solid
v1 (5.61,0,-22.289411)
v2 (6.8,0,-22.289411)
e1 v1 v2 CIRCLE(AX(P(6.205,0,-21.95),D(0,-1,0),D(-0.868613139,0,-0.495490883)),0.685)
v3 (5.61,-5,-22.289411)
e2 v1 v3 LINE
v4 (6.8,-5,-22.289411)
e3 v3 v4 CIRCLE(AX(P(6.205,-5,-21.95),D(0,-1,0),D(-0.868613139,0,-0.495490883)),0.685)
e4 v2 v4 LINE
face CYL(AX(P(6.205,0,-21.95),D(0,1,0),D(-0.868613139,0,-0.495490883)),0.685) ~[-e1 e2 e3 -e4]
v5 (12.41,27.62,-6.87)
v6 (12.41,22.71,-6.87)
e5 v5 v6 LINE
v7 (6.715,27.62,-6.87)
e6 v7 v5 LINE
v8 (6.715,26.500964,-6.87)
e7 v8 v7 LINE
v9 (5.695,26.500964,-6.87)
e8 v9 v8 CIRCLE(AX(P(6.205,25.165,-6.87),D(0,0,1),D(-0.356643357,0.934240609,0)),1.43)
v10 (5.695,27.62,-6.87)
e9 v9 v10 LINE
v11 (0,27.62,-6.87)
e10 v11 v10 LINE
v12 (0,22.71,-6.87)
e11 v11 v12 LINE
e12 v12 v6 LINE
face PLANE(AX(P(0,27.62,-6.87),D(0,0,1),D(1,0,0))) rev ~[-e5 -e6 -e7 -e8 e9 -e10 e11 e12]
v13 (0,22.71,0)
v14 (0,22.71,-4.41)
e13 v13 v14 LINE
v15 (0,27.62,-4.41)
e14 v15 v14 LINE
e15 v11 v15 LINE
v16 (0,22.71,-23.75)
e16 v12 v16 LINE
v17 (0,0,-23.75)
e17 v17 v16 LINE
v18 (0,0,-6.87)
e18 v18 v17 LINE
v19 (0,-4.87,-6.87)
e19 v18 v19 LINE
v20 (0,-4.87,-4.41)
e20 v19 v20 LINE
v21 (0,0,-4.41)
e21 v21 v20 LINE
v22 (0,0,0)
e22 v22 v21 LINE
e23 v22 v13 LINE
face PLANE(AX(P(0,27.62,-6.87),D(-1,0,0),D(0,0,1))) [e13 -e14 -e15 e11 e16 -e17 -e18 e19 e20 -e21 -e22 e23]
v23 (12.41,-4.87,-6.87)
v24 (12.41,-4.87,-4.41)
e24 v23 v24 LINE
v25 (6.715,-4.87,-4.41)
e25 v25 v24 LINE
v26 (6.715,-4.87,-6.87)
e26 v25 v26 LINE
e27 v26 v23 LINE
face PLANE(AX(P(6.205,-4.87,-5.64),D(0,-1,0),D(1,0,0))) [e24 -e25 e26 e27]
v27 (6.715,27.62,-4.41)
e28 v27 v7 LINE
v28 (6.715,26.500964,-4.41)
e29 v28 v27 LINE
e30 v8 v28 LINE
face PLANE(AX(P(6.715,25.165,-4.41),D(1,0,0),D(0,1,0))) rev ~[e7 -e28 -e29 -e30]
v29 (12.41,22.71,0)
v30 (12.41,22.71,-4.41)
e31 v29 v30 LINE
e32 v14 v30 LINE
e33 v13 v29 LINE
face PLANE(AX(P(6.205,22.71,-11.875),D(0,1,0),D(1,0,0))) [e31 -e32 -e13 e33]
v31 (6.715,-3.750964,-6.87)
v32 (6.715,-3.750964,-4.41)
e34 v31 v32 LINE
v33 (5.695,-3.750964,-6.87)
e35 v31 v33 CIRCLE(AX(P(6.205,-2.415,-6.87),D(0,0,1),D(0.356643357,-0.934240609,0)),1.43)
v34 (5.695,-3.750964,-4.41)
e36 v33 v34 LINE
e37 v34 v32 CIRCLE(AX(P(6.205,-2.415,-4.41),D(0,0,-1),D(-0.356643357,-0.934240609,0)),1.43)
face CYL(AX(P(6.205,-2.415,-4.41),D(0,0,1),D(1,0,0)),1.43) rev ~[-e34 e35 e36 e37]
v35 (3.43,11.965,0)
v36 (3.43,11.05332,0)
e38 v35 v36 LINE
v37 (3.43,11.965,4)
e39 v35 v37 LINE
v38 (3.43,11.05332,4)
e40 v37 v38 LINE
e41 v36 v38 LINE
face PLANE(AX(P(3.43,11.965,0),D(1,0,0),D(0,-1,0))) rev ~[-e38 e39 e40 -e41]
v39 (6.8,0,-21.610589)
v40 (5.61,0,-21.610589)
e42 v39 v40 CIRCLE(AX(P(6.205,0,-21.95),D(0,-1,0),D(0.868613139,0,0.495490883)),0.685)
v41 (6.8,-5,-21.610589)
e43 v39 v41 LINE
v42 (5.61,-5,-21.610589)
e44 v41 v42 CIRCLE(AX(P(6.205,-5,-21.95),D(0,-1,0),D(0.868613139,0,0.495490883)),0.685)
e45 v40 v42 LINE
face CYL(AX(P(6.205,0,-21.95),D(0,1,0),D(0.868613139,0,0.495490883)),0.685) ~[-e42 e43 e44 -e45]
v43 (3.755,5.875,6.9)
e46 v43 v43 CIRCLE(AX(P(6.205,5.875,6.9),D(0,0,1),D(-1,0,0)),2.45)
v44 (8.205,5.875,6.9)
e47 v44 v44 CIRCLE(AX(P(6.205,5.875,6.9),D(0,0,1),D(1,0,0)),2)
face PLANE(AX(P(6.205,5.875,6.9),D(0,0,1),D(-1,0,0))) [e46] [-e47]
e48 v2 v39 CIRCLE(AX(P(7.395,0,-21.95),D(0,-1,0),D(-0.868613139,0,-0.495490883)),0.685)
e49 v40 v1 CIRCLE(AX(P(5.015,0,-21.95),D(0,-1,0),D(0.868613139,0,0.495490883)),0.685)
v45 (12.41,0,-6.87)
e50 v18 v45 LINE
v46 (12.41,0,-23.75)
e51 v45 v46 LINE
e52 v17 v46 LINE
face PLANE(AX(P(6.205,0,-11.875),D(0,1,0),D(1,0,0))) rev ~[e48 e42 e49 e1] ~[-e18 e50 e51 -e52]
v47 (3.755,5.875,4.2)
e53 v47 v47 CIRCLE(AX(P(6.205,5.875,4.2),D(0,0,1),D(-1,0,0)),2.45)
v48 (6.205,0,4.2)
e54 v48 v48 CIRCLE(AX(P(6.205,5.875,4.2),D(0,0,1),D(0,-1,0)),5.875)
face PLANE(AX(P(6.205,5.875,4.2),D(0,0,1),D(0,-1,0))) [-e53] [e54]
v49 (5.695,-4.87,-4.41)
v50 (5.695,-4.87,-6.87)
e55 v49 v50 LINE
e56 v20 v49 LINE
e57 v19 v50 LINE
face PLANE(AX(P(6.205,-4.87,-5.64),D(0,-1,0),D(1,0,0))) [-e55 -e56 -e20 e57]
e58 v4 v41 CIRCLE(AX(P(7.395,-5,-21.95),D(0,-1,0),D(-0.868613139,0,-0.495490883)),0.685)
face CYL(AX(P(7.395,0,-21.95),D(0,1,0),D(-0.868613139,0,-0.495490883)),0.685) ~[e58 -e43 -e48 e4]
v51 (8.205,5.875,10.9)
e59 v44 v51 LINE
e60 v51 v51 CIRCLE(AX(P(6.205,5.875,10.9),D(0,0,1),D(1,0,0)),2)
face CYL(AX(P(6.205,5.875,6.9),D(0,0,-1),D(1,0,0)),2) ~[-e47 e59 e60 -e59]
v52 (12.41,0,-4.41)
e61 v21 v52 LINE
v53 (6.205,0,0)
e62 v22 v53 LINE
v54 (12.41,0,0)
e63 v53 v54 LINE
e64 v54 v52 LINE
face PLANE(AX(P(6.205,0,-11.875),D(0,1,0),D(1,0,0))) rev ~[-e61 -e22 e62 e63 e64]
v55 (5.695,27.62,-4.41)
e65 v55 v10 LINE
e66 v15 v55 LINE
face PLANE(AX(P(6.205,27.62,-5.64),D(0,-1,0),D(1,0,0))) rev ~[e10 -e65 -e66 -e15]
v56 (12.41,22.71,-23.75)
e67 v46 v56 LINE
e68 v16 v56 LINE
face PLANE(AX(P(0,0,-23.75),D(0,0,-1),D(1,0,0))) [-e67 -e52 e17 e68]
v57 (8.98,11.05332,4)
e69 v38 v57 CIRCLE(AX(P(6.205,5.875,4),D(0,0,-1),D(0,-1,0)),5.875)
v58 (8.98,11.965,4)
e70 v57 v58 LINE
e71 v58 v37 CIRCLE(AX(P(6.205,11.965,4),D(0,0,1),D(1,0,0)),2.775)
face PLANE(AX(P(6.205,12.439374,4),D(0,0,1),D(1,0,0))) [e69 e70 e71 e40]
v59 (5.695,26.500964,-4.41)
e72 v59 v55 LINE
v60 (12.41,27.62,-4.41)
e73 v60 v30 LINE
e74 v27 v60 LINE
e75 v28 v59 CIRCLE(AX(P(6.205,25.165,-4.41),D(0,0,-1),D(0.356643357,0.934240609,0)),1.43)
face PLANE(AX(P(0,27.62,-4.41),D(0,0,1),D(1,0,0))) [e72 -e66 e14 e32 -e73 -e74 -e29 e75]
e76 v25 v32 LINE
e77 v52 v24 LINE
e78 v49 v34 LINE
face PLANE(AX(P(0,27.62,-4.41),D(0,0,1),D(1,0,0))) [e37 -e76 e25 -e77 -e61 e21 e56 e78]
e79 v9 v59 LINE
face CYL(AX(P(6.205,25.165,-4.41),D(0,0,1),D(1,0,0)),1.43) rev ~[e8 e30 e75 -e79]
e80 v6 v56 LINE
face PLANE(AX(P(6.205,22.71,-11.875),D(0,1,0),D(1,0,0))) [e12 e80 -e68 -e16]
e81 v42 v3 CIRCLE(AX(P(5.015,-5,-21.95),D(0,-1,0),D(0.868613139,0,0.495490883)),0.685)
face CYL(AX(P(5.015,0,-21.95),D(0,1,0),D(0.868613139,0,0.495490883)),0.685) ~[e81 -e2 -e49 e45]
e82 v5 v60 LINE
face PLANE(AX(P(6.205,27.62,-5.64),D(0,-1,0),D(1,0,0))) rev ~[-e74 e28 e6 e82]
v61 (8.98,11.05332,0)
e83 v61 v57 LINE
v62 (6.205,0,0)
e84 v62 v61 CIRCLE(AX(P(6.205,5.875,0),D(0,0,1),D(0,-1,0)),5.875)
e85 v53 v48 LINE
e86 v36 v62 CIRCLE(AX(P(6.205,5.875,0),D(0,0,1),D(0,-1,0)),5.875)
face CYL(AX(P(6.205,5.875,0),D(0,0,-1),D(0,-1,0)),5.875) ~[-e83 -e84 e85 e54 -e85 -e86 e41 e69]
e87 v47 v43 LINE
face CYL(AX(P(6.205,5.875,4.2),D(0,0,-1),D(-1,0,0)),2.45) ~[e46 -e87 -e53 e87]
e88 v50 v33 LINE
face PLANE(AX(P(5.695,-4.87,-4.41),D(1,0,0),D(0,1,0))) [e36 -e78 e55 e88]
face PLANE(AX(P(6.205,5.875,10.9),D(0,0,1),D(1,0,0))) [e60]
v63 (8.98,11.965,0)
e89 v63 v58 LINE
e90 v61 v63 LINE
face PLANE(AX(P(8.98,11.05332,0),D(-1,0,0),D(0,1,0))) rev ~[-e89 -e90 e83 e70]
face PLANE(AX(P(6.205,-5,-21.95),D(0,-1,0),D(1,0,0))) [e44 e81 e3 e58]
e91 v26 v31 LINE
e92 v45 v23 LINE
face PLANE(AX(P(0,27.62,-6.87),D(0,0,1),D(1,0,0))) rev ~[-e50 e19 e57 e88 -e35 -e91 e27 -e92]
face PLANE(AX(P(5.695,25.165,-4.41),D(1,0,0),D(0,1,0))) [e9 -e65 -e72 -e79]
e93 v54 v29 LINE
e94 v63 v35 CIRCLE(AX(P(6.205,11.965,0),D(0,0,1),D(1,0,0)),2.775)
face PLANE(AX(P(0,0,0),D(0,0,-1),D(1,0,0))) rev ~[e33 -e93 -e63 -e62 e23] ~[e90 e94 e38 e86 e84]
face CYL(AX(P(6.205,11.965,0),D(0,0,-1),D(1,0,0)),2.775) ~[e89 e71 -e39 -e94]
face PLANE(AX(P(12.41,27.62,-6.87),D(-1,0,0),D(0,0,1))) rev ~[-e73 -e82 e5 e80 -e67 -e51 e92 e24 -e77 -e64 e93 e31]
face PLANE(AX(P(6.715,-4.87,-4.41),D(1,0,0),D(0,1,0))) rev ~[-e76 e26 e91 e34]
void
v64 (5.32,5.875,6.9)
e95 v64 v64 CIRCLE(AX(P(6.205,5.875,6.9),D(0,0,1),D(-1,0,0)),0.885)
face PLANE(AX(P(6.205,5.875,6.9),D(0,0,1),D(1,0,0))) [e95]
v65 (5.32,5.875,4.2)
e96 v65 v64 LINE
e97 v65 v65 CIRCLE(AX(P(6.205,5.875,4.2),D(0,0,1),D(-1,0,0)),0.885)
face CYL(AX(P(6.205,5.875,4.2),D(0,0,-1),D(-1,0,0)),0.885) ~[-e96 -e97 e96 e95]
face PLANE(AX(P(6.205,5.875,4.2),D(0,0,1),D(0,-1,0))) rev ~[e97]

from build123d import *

# Parameters (mm, degrees)
SKETCH1_W                = 12.41
SKETCH1_H                = 23.75
BOSS_EXTRUDE1_DEPTH      = 22.71
SKETCH2_R                = 5.875
BOSS_EXTRUDE3_DEPTH      = 4.2
BOSS_EXTRUDE4_DEPTH      = 4
BOSS_EXTRUDE5_DEPTH      = 4.87
BOSS_EXTRUDE5_DEPTH_BACK = 27.62
SKETCH6_W                = 12.41
SKETCH6_H                = 2.46
SKETCH8_R                = 1.43
CUT_EXTRUDE1_DEPTH       = 36.929209565
SKETCH9_W                = 1.02
SKETCH9_H                = 2.455
CUT_EXTRUDE2_DEPTH       = 36.929209565
SKETCH10_R               = 2.45
SKETCH10_R_2             = 0.885
BOSS_EXTRUDE7_DEPTH      = 2.7
BOSS_EXTRUDE8_DEPTH      = 5
SKETCH13_R               = 2
BOSS_EXTRUDE9_DEPTH      = 4


with BuildPart() as part:
    # Sketch1 → Boss-Extrude1 (new body)
    with BuildSketch(Plane(origin=(0, 0, 0), x_dir=(1, 0, 0), z_dir=(0, 1, 0))):
        with Locations((6.205, 11.875)):
            Rectangle(SKETCH1_W, SKETCH1_H)
    extrude(amount=BOSS_EXTRUDE1_DEPTH)

    # Sketch2 → Boss-Extrude3 (add)
    with BuildSketch(Plane.XY):
        with Locations((6.205, 5.875)):
            Circle(SKETCH2_R)
    extrude(amount=BOSS_EXTRUDE3_DEPTH)

    # Sketch4 → Boss-Extrude4 (add)
    with BuildSketch(Plane.XY):
        with BuildLine():
            Line((3.43, 11.965), (3.43, 11.053320191))
            Line((3.43, 11.053320191), (8.98, 11.053320191))
            Line((8.98, 11.053320191), (8.98, 11.965))
            ThreePointArc((8.98, 11.965), (6.205, 14.74), (3.43, 11.965))
        make_face()
    extrude(amount=BOSS_EXTRUDE4_DEPTH)

    # Sketch6 → Boss-Extrude5 (add, two sides: drawn at the far end of the back side and taken through both)
    with BuildSketch(Plane.XZ.offset(-BOSS_EXTRUDE5_DEPTH_BACK)):
        with Locations((6.205, -5.64)):
            Rectangle(SKETCH6_W, SKETCH6_H)
    extrude(amount=BOSS_EXTRUDE5_DEPTH + BOSS_EXTRUDE5_DEPTH_BACK)

    # Sketch8 → Cut-Extrude1 (cut, through all)
    with BuildSketch(Plane.XY.offset(-4.41)):
        with Locations((6.205, 25.165)):
            Circle(SKETCH8_R)
        with Locations((6.205, -2.415)):
            Circle(SKETCH8_R)
    extrude(amount=-CUT_EXTRUDE1_DEPTH, mode=Mode.SUBTRACT)

    # Sketch9 → Cut-Extrude2 (cut, through all)
    with BuildSketch(Plane.XY.offset(-4.41)):
        with Locations((6.205, 26.3925)):
            Rectangle(SKETCH9_W, SKETCH9_H)
        with Locations((6.205, -3.6425)):
            Rectangle(SKETCH9_W, SKETCH9_H)
    extrude(amount=-CUT_EXTRUDE2_DEPTH, mode=Mode.SUBTRACT)

    # Sketch10 → Boss-Extrude7 (add)
    with BuildSketch(Plane.XY.offset(4.2)):
        with Locations((6.205, 5.875)):
            Circle(SKETCH10_R)
        with Locations((6.205, 5.875)):
            Circle(SKETCH10_R_2, mode=Mode.SUBTRACT)
    extrude(amount=BOSS_EXTRUDE7_DEPTH)

    # Sketch12 → Boss-Extrude8 (add)
    with BuildSketch(Plane.XZ):
        with BuildLine():
            ThreePointArc((5.61, -22.289411255), (6.205, -22.635), (6.8, -22.289411255))
            ThreePointArc((6.8, -22.289411255), (8.08, -21.95), (6.8, -21.610588745))
            ThreePointArc((6.8, -21.610588745), (6.205, -21.265), (5.61, -21.610588745))
            ThreePointArc((5.61, -21.610588745), (4.33, -21.95), (5.61, -22.289411255))
        make_face()
    extrude(amount=BOSS_EXTRUDE8_DEPTH)

    # Sketch13 → Boss-Extrude9 (add)
    with BuildSketch(Plane.XY.offset(6.9)):
        with Locations((6.205, 5.875)):
            Circle(SKETCH13_R)
    extrude(amount=BOSS_EXTRUDE9_DEPTH)


solid = part.part
